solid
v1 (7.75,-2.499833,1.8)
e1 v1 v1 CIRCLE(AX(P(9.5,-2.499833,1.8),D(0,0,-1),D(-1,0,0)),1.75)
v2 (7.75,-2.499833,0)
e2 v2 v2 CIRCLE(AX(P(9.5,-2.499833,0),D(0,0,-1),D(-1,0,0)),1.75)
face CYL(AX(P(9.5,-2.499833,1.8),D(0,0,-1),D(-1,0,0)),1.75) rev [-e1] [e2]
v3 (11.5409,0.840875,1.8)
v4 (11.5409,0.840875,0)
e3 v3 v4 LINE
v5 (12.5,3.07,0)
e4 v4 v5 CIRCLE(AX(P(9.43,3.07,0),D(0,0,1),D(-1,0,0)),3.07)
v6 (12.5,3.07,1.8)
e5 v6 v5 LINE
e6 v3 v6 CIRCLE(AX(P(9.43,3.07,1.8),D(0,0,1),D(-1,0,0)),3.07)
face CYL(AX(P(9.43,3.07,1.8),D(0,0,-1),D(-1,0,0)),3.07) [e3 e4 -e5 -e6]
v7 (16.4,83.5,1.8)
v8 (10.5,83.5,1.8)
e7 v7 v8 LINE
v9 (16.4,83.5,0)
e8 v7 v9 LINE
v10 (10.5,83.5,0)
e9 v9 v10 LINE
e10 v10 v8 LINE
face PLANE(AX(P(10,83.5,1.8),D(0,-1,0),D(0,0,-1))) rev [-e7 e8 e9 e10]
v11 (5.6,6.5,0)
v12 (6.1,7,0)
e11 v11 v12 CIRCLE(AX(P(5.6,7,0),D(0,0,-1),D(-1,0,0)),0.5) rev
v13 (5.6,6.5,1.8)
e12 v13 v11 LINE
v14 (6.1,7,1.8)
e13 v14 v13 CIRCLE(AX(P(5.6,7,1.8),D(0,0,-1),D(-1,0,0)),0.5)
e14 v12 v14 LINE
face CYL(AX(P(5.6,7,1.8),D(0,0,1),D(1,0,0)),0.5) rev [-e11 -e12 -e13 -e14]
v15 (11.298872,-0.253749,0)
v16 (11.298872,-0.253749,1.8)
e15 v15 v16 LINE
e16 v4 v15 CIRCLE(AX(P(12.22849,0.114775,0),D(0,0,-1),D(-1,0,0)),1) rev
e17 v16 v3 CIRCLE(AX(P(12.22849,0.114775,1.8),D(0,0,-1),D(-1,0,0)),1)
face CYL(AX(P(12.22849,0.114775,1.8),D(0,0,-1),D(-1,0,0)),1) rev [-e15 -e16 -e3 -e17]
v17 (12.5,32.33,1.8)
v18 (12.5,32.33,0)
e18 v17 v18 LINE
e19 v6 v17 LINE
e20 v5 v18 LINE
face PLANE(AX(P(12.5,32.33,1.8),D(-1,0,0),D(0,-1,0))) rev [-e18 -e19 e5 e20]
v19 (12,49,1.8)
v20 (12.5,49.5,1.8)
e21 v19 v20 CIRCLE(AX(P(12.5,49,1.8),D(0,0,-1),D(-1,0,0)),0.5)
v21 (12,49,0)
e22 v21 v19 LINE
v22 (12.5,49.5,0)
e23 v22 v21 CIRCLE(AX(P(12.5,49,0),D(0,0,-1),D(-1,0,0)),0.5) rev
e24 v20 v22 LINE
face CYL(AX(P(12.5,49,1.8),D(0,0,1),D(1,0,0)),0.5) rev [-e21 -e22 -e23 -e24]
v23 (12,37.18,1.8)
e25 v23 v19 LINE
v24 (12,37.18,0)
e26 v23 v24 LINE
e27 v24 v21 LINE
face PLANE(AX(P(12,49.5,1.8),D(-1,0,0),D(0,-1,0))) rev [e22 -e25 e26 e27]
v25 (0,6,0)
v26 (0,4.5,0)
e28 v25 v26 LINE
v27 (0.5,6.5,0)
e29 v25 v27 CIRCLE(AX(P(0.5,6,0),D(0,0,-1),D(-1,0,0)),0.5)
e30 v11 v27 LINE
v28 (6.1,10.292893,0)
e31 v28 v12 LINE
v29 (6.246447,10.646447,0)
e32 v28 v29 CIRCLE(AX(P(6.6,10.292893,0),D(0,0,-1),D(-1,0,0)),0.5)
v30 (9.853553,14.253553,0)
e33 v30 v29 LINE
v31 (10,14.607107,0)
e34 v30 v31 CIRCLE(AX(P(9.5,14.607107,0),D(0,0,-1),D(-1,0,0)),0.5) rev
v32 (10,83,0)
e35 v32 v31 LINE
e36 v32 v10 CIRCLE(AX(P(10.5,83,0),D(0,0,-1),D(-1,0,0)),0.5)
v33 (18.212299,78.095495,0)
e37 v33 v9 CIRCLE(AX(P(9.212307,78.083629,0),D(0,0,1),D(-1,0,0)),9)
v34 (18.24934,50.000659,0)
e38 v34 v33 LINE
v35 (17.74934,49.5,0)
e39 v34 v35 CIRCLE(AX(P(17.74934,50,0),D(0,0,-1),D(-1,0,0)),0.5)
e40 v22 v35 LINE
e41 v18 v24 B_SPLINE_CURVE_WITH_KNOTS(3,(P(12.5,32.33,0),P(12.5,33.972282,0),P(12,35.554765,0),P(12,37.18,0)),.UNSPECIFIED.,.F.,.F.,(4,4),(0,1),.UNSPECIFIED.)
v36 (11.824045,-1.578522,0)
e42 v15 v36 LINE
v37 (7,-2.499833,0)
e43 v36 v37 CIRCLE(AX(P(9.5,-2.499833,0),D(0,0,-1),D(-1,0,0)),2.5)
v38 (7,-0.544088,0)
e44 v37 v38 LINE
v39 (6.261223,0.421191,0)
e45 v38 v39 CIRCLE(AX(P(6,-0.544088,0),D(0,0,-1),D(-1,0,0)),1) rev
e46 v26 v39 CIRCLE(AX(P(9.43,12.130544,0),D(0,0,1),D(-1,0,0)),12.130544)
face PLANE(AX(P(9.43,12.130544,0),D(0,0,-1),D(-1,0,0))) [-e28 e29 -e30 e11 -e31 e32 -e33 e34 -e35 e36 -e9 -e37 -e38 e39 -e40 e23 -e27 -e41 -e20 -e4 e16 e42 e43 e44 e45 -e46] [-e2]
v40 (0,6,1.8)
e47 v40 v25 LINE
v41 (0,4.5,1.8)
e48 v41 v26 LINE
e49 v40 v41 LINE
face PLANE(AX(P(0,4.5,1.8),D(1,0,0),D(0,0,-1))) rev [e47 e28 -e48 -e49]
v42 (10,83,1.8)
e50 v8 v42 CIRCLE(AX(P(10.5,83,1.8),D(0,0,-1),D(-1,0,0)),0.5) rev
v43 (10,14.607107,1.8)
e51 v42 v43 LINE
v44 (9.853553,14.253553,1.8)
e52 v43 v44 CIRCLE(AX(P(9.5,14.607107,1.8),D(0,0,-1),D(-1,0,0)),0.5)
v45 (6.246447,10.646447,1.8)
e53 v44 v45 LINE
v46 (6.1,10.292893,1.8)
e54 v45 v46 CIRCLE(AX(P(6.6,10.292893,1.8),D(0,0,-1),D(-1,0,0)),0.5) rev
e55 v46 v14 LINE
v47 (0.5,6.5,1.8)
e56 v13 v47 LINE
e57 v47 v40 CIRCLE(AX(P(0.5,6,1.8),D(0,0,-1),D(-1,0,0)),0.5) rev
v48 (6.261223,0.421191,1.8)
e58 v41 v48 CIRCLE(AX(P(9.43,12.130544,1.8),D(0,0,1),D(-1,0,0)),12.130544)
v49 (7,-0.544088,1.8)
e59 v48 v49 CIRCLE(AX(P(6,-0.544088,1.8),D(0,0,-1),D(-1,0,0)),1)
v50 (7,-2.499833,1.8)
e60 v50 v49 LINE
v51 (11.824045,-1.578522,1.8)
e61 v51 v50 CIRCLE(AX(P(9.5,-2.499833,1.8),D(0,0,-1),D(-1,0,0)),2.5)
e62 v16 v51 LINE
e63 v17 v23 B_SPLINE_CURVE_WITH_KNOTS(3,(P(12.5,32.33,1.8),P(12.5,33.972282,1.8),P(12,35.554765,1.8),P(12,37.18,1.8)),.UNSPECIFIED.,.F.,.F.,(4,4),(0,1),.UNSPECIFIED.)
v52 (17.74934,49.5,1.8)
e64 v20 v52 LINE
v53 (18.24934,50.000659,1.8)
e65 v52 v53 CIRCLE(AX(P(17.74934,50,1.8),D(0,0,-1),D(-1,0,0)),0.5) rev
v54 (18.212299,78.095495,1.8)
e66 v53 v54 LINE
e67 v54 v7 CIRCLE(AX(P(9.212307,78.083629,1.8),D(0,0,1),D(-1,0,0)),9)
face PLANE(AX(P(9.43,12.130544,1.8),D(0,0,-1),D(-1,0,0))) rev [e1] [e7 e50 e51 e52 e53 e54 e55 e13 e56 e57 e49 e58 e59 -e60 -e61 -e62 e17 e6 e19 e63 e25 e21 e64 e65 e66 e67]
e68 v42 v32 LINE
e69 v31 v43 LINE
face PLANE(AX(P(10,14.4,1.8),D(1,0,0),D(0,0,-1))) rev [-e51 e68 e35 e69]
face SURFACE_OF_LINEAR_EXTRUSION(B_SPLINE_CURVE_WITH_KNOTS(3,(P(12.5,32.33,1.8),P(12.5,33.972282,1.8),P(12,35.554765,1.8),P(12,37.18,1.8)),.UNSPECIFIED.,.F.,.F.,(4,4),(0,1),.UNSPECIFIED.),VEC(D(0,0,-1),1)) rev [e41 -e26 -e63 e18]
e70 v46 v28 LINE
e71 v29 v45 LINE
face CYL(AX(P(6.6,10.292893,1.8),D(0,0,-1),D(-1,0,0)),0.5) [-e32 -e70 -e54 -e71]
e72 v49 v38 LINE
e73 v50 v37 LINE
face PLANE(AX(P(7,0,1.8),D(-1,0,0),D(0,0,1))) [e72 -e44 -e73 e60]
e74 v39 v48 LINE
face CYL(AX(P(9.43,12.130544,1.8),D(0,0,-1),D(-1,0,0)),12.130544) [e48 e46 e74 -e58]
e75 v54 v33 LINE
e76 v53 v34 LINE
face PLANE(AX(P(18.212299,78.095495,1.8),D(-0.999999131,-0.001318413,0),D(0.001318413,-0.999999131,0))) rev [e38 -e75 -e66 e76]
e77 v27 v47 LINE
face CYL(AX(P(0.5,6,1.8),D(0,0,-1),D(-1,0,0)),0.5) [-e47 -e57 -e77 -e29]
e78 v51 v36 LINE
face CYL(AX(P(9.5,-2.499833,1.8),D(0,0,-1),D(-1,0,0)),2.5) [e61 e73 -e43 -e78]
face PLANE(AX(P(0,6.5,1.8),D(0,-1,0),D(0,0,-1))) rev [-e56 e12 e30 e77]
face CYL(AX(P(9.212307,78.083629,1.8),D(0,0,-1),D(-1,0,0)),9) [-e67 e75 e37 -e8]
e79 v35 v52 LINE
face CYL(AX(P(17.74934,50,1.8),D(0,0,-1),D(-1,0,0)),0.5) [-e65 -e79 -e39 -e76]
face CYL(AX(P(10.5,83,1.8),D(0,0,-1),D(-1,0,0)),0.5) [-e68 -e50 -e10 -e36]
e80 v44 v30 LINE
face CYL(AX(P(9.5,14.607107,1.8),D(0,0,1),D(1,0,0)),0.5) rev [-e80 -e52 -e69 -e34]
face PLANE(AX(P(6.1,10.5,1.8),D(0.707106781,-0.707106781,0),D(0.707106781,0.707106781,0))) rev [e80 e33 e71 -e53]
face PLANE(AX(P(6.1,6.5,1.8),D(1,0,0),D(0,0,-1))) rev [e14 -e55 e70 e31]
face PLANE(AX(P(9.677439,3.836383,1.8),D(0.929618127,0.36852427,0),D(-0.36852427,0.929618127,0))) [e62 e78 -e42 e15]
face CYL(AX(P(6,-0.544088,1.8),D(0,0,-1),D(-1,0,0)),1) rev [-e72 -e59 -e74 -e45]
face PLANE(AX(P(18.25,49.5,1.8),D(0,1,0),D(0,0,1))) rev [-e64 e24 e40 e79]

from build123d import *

# Parameters (mm, degrees)
BOSS_EXTRUDE1_DEPTH = 1.8
FILLET1_R           = 0.5
SKETCH5_R           = 2.5
SKETCH5_R_2         = 1.75
BOSS_EXTRUDE2_DEPTH = 1.8
FILLET2_R           = 1


with BuildPart() as part:
    # Sketch1 → Boss-Extrude1 (new body)
    with BuildSketch(Plane.XY):
        with BuildLine():
            Line((0, 4.5), (0, 6.5))
            Line((0, 6.5), (6.1, 6.5))
            Line((6.1, 6.5), (6.1, 10.5))
            Line((6.1, 10.5), (10, 14.4))
            Line((10, 14.4), (10, 83.5))
            Line((10, 83.5), (16.4, 83.5))
            ThreePointArc((16.4, 83.5), (17.745328581, 80.945017946), (18.212299295, 78.095495067))
            Line((18.212299295, 78.095495067), (18.25, 49.5))
            Line((18.25, 49.5), (12, 49.5))
            Line((12, 49.5), (12, 37.18))
            add(Edge.make_bspline(
                [(12, 37.18), (12, 35.554764974), (12.5, 33.972282338), (12.5, 32.33)],
                knots=[0, 0, 0, 0, 1, 1, 1, 1], degree=3))
            Line((12.5, 32.33), (12.5, 3.07))
            ThreePointArc((12.5, 3.07), (11.600817818, 0.899182182), (9.43, 0))
            ThreePointArc((9.43, 0), (4.205660329, 1.182650422), (0, 4.5))
        make_face()
    extrude(amount=BOSS_EXTRUDE1_DEPTH)

    # Fillet1
    fillet1_edges = [part.edges().sort_by_distance(p)[0] for p in [
        (0, 6.5, 0.9),
        (6.1, 6.5, 0.9),
        (6.1, 10.5, 0.9),
        (10, 14.4, 0.9),
        (10, 83.5, 0.9),
        (18.25, 49.5, 0.9),
        (12, 49.5, 0.9),
    ]]
    fillet(fillet1_edges, radius=FILLET1_R)

    # Sketch5 → Boss-Extrude2 (add)
    # profile 1 of 3: a face of its own
    with BuildSketch(Plane(origin=(0, 0, 0), x_dir=(-1, 0, 0), z_dir=(0, 0, -1))):
        with Locations((-9.5, -2.499832541)):
            Circle(SKETCH5_R)
        with Locations((-9.5, -2.499832541)):
            Circle(SKETCH5_R_2, mode=Mode.SUBTRACT)
    # profile 2 of 3: a face of its own
    with BuildSketch(Plane(origin=(0, 0, 0), x_dir=(-1, 0, 0), z_dir=(0, 0, -1))):
        with BuildLine():
            ThreePointArc((-11.824045318, -1.578521867), (-9.031018815, -0.044215175), (-7, -2.499832541))
            Line((-7, -2.499832541), (-7, 0.245881701))
            ThreePointArc((-7, 0.245881701), (-8.2087959, 0.061626967), (-9.43, 0))
            ThreePointArc((-9.43, 0), (-10.256451345, 0.113333266), (-11.021883517, 0.444965358))
            Line((-11.021883517, 0.444965358), (-11.824045318, -1.578521867))
        make_face()
    # profile 3 of 3: a face of its own
    with BuildSketch(Plane(origin=(0, 0, 0), x_dir=(-1, 0, 0), z_dir=(0, 0, -1))):
        with BuildLine():
            ThreePointArc((-9.43, 0), (-8.2087959, 0.061626967), (-7, 0.245881701))
            Line((-7, 0.245881701), (-7, 0.500167459))
            Line((-7, 0.500167459), (-11, 0.500167459))
            Line((-11, 0.500167459), (-11.021883517, 0.444965358))
            ThreePointArc((-11.021883517, 0.444965358), (-10.256451345, 0.113333266), (-9.43, 0))
        make_face()
    extrude(amount=-BOSS_EXTRUDE2_DEPTH)

    # Fillet2
    fillet2_edges = [part.edges().sort_by_distance(p)[0] for p in [
        (7, 0.245881701, 0.9),
        (11.021883517, 0.444965358, 0.9),
    ]]
    fillet(fillet2_edges, radius=FILLET2_R)


solid = part.part
